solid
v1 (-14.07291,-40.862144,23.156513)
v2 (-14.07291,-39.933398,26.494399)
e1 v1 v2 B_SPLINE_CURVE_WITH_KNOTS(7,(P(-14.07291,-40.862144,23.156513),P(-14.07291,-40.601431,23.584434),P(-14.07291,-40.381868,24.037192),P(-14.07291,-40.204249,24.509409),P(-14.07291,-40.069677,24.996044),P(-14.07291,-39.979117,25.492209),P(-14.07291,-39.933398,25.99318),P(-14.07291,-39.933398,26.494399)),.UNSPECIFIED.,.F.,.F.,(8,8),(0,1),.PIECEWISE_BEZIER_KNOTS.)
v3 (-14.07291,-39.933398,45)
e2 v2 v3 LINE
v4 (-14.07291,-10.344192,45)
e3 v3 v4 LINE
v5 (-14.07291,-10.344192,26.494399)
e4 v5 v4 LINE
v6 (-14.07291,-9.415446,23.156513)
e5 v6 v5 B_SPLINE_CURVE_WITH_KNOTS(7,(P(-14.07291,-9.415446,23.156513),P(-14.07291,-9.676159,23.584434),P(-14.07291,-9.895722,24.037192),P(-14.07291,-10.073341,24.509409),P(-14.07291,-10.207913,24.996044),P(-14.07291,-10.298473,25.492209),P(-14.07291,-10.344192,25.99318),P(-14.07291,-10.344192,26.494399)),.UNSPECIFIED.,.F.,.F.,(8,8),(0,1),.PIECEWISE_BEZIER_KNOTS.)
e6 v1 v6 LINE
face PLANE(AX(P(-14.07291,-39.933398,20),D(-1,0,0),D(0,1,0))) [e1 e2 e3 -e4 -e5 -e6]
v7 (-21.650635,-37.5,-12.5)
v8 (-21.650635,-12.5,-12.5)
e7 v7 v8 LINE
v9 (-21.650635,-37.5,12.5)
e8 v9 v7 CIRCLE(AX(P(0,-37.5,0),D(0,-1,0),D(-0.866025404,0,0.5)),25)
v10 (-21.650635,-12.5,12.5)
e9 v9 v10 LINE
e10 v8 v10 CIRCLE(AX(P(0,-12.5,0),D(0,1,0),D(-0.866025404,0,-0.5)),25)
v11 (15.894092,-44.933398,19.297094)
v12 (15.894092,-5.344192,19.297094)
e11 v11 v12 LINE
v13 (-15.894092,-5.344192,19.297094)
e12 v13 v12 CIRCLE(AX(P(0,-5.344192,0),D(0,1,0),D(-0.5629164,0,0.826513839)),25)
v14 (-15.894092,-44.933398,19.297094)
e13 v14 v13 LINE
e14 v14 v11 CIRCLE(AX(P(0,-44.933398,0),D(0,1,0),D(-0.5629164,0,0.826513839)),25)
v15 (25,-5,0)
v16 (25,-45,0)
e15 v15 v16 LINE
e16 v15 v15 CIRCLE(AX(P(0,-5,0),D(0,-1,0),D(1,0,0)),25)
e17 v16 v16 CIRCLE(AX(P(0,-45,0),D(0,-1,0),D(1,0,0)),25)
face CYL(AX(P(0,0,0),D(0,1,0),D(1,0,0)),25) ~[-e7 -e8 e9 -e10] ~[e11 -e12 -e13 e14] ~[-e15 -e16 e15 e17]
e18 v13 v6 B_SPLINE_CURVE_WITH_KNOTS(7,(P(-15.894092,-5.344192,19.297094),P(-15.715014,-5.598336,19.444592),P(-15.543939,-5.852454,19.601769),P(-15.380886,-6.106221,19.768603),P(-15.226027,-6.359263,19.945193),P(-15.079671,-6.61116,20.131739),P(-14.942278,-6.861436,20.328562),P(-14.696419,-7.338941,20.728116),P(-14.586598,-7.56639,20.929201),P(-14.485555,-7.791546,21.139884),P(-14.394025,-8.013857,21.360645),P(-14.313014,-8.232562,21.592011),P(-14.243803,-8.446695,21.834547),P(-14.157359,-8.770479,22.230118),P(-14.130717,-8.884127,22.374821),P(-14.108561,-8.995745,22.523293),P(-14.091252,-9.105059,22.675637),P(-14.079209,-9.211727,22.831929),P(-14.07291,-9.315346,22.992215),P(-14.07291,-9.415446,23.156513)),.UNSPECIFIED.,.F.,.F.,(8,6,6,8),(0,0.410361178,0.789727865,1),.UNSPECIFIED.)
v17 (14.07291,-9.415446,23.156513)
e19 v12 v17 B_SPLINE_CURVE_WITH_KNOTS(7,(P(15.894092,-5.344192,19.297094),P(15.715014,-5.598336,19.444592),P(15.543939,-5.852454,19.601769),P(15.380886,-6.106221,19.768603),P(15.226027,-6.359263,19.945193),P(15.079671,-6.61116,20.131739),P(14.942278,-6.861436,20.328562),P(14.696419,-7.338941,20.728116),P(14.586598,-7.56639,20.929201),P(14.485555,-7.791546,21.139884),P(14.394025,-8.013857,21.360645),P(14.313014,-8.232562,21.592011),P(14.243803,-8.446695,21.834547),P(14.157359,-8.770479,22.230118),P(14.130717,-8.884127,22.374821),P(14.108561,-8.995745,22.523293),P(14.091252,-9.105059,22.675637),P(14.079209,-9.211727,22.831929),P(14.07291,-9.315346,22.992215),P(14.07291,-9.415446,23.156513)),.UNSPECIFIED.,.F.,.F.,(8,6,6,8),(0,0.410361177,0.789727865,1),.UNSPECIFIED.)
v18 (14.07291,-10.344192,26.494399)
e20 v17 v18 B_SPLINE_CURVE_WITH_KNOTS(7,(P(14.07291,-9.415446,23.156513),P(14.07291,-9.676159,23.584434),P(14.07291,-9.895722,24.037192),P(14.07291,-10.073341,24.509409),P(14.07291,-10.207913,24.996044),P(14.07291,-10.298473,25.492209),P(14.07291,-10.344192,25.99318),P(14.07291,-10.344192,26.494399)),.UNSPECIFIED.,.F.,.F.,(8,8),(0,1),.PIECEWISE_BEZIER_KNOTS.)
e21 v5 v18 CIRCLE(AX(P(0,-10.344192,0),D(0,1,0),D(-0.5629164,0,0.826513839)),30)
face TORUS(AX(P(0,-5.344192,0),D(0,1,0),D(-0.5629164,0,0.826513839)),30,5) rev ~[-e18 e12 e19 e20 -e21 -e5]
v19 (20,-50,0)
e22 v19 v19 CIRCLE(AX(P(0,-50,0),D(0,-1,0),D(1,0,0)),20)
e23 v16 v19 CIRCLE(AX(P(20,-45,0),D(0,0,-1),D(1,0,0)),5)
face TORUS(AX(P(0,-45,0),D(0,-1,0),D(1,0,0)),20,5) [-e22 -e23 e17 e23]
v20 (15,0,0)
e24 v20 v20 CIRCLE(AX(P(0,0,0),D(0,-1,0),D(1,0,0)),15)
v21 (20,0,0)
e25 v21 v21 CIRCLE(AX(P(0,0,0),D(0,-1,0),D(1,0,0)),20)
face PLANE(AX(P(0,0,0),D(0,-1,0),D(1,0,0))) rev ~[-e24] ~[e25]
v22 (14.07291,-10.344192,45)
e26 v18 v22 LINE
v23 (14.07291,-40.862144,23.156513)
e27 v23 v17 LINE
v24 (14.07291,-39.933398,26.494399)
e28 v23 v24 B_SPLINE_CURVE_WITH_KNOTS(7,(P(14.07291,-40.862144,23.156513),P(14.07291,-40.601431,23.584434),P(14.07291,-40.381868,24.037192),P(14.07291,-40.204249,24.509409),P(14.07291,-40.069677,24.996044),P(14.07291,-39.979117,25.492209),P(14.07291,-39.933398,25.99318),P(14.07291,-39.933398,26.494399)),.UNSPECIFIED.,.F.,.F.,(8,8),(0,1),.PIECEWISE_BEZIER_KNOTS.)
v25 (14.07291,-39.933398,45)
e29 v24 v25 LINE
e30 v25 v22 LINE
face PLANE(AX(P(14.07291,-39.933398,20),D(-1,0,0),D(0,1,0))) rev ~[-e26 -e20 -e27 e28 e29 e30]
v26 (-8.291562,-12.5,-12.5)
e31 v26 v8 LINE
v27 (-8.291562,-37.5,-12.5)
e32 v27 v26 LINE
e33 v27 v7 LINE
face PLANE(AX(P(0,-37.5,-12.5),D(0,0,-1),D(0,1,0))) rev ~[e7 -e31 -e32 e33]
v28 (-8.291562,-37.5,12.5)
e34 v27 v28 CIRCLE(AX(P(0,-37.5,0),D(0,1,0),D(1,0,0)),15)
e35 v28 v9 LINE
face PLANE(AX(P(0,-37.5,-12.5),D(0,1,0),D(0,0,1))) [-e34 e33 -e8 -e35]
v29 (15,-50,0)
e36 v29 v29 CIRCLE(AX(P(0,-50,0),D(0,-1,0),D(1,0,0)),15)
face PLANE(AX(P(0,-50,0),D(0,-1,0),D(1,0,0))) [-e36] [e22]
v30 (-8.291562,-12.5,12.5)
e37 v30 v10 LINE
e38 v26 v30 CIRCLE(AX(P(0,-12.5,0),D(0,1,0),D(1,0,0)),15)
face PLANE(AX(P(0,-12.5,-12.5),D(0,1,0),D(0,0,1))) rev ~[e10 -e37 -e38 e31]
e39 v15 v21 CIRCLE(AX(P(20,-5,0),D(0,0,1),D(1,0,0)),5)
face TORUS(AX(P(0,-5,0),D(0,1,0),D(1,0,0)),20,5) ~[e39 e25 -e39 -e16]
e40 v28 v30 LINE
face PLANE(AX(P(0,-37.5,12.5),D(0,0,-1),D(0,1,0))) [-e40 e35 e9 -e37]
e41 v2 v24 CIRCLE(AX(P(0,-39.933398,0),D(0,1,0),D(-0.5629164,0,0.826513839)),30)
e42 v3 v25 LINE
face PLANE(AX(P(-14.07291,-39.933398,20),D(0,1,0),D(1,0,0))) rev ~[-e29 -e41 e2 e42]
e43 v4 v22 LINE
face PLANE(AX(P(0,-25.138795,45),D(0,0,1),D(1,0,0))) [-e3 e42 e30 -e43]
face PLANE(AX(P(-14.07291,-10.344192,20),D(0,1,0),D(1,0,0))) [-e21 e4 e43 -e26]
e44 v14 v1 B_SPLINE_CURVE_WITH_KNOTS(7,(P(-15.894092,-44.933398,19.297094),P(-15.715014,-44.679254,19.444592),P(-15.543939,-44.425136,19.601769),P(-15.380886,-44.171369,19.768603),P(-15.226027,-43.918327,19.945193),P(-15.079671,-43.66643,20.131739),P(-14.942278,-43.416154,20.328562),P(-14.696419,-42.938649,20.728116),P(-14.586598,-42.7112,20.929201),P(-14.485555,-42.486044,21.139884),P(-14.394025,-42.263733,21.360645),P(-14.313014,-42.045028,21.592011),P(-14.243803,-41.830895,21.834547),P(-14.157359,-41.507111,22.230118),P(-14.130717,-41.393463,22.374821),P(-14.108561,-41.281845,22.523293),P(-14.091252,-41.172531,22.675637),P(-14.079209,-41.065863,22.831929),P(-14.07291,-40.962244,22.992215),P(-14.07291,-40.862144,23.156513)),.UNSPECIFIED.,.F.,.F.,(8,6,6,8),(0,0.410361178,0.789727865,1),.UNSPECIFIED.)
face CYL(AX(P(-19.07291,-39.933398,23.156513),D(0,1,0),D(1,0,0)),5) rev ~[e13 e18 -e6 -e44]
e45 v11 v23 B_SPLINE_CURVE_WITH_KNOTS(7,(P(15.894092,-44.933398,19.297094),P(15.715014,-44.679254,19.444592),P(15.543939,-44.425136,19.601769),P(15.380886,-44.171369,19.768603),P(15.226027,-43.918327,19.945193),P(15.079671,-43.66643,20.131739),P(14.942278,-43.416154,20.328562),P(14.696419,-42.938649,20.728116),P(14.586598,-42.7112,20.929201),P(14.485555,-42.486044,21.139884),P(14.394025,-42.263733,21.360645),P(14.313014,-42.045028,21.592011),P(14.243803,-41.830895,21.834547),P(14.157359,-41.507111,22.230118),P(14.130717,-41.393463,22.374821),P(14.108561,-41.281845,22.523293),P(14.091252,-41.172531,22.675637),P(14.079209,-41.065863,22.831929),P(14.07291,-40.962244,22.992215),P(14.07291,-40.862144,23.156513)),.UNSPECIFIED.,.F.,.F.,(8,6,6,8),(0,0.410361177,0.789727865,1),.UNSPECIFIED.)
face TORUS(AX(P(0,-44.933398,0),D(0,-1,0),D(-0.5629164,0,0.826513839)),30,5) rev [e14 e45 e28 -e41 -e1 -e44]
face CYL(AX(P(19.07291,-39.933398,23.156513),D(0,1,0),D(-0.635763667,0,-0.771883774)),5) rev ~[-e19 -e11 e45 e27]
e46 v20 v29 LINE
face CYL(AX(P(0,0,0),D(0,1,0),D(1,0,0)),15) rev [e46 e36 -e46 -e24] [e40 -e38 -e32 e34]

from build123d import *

# Parameters (mm, degrees)
F0_R     = 25
F0_R_2   = 15
F1_DEPTH = 50
F2_W     = 25
F2_H     = 25
F3_DEPTH = 25
F5_R     = 5
F6_W     = 28.14582
F6_H     = 29.589206
F7_DEPTH = 25
F8_R     = 5


with BuildPart() as f1:
    # F0 (on Front) → F1 (new body)
    with BuildSketch(Plane.XZ):
        Circle(F0_R)
        Circle(F0_R_2, mode=Mode.SUBTRACT)
    extrude(amount=F1_DEPTH)

    # F2 (on Right) → F3 (cut)
    with BuildSketch(Plane.YZ):
        with Locations((-25, 0)):
            Rectangle(F2_W, F2_H)
    extrude(amount=-F3_DEPTH, mode=Mode.SUBTRACT)

    # F5
    f5_edges = [f1.edges().sort_by_distance(p)[0] for p in [
        (-25, -50, 0),
        (-25, 0, 0),
    ]]
    fillet(f5_edges, radius=F5_R)

    # F6 (on offset) → F7 (join)
    with BuildSketch(Plane.XY.offset(20)):
        with Locations((0, -25.138795)):
            Rectangle(F6_W, F6_H)
    extrude(amount=F7_DEPTH)

    # F8
    f8_edges = [f1.edges().sort_by_distance(p)[0] for p in [
        (-14.07291, -25.138795, 20.662846),
        (0, -10.344192, 25),
        (14.07291, -25.138795, 20.662846),
        (0, -39.933398, 25),
    ]]
    fillet(f8_edges, radius=F8_R)


solid = f1.part
